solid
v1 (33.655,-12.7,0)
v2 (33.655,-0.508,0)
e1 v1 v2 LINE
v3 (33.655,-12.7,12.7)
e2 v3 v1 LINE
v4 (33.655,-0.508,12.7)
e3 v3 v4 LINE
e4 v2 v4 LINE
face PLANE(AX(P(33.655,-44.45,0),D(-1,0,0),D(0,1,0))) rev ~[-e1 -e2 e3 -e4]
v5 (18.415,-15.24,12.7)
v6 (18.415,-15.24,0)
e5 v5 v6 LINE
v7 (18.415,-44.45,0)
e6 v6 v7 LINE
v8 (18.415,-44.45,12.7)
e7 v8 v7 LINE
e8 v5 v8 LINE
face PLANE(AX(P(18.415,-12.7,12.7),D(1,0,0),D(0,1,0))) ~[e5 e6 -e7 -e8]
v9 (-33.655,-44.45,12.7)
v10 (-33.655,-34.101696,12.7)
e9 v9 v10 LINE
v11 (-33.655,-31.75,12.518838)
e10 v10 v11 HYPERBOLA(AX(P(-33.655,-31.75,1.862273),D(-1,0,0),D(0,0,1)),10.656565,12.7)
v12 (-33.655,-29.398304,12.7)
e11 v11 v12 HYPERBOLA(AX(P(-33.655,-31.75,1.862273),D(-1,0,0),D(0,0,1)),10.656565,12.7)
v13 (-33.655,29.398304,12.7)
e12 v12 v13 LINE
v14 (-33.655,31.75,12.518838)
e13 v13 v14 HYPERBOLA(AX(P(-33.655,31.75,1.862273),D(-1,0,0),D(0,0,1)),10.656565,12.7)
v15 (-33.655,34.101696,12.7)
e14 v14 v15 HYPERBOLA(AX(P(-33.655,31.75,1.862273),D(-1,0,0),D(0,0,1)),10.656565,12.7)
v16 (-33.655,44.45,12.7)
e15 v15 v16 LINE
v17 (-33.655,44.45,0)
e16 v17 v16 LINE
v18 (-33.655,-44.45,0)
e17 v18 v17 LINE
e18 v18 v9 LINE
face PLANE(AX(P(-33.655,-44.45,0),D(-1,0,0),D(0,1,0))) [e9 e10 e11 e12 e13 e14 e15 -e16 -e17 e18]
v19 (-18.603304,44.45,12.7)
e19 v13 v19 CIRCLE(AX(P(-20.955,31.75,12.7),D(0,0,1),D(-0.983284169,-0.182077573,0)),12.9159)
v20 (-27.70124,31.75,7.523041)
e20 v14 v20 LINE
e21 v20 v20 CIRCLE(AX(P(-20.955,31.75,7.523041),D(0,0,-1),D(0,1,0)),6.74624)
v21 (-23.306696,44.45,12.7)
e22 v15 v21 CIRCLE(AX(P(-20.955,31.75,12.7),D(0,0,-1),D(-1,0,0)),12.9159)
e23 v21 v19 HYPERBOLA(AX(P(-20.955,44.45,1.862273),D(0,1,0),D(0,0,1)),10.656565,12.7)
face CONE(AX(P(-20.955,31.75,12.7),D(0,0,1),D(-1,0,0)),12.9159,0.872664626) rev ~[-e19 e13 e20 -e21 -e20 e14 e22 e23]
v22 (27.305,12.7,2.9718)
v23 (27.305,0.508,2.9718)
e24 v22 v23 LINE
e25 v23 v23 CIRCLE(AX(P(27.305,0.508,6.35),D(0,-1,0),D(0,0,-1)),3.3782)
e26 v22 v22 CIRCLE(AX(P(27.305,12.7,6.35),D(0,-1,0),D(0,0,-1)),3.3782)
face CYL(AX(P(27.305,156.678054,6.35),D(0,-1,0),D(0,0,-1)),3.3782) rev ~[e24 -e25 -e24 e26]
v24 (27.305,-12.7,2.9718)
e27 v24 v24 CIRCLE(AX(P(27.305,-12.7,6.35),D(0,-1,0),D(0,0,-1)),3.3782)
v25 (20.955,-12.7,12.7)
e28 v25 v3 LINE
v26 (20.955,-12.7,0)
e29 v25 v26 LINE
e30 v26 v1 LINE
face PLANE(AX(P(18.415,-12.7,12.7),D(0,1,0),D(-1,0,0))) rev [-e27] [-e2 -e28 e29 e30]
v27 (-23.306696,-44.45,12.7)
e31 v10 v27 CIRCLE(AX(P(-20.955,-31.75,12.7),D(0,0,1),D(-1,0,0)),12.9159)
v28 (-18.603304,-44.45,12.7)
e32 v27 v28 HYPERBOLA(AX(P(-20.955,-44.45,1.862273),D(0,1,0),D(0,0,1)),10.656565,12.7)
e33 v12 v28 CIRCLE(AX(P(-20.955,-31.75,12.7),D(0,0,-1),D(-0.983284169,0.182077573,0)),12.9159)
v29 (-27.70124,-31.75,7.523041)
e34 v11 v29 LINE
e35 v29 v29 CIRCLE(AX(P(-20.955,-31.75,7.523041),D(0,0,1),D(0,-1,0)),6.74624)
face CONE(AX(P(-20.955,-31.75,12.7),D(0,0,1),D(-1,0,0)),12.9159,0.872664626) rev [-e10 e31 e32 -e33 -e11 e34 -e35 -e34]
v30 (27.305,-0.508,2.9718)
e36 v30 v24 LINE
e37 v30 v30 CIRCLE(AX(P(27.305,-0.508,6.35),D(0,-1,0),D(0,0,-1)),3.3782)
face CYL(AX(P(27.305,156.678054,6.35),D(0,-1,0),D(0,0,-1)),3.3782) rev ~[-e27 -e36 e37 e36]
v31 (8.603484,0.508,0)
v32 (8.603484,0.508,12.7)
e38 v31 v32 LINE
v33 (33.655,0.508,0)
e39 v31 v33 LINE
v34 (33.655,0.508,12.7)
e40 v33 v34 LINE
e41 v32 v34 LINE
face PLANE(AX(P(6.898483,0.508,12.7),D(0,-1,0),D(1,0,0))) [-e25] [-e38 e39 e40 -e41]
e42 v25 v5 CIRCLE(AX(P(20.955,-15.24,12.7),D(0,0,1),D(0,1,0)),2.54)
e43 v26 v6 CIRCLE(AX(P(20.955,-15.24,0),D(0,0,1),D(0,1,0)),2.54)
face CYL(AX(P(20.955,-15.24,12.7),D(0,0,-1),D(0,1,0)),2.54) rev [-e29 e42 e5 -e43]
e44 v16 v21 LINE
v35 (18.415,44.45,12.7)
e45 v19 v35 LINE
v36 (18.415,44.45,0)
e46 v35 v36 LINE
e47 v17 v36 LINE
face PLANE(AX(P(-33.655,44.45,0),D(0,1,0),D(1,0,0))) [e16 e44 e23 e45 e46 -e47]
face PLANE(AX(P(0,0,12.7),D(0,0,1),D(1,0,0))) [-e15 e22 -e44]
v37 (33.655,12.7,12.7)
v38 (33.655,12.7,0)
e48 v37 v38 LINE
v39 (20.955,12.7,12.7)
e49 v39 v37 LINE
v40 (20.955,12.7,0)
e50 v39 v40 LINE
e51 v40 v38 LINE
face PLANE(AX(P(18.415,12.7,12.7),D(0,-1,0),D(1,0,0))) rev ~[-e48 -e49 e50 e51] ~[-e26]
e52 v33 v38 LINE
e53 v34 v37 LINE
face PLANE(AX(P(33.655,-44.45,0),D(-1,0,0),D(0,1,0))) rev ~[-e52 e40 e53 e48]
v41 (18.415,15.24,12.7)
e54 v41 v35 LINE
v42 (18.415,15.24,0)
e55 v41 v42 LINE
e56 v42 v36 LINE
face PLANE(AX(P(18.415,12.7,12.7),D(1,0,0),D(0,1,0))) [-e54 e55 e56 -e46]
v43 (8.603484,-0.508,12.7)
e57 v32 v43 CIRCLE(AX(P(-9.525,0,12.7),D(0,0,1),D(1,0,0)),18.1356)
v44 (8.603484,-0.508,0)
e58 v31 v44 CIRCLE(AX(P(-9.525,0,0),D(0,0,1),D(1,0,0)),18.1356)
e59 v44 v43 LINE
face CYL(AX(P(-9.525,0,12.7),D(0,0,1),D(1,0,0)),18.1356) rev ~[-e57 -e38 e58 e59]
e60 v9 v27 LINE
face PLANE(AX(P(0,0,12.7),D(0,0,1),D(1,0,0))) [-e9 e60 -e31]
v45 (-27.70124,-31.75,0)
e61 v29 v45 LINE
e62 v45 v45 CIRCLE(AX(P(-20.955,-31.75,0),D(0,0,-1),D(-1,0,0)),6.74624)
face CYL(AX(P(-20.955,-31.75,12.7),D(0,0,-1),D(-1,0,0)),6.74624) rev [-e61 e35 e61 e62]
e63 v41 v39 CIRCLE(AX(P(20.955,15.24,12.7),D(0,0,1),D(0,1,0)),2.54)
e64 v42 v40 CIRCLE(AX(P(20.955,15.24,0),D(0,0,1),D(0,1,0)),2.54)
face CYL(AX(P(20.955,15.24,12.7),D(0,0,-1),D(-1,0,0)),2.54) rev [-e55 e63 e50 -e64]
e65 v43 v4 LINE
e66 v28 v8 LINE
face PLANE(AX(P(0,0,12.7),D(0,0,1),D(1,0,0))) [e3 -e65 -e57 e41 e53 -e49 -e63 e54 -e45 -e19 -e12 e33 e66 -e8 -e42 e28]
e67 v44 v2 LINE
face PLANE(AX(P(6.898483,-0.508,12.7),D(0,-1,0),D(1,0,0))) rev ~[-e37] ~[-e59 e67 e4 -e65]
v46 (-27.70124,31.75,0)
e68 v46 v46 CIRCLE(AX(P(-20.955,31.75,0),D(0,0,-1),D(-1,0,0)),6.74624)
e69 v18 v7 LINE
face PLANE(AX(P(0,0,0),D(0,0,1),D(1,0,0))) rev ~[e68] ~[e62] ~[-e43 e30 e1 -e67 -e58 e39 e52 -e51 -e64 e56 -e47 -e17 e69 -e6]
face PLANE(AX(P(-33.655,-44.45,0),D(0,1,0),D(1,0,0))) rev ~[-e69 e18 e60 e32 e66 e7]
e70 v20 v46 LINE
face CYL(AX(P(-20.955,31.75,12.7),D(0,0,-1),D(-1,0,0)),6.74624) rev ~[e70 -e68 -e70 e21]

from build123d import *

# Parameters (mm, degrees)
SKETCH1_W                                           = 67.31
SKETCH1_H                                           = 88.9
EXTRUDE1_DEPTH                                      = 12.7
SKETCH2_R                                           = 18.1356
EXTRUDE2_DEPTH                                      = 13.7
SKETCH3_W                                           = 28.468633454
SKETCH3_H                                           = 1.016
EXTRUDE3_DEPTH                                      = 13.7
F_1_4_CLEARANCE_HOLE1_D                             = 6.7564
CSK_FOR_1_2_FLAT_HEAD_MACHINE_SCREW_100_D           = 13.49248
CSK_FOR_1_2_FLAT_HEAD_MACHINE_SCREW_100_CSINK_D     = 25.8318
CSK_FOR_1_2_FLAT_HEAD_MACHINE_SCREW_100_CSINK_ANGLE = 100
SKETCH10_W                                          = 15.24
SKETCH10_H                                          = 31.75
EXTRUDE4_DEPTH                                      = 13.7
FILLET1_R                                           = 2.54
FILLET1_OF_MIRROR2_R                                = 2.54


with BuildPart() as part:
    # Sketch1 → Extrude1 (new body)
    with BuildSketch(Plane.XY):
        Rectangle(SKETCH1_W, SKETCH1_H)
    extrude(amount=EXTRUDE1_DEPTH)

    # Sketch2 → Extrude2 (cut, through all)
    with BuildSketch(Plane.XY.offset(12.7)):
        with Locations((-9.525, 0)):
            Circle(SKETCH2_R)
    extrude(amount=-EXTRUDE2_DEPTH, mode=Mode.SUBTRACT)

    # Sketch3 → Extrude3 (cut, through all)
    with BuildSketch(Plane.XY.offset(12.7)):
        with Locations((21.1328, 0)):
            Rectangle(SKETCH3_W, SKETCH3_H)
    extrude(amount=-EXTRUDE3_DEPTH, mode=Mode.SUBTRACT)

    # 1/4 Clearance Hole1 (through all)
    with Locations(Plane(origin=(27.305, 44.45, 6.35), x_dir=(0, 0, 1), z_dir=(0, 1, 0))):
        with Locations((0, 0)):
            Hole(F_1_4_CLEARANCE_HOLE1_D / 2)

    # CSK for 1/2 Flat Head Machine Screw (100)1 (through all)
    with Locations(Plane(origin=(-20.955, 31.75, 12.7), x_dir=(1, 0, 0), z_dir=(0, 0, 1))):
        with Locations((0, 0)):
            csk_for_1_2_flat_head_machine_screw_100 = CounterSinkHole(CSK_FOR_1_2_FLAT_HEAD_MACHINE_SCREW_100_D / 2, CSK_FOR_1_2_FLAT_HEAD_MACHINE_SCREW_100_CSINK_D / 2, counter_sink_angle=CSK_FOR_1_2_FLAT_HEAD_MACHINE_SCREW_100_CSINK_ANGLE)

    # Mirror1: CSK for 1/2 Flat Head Machine Screw (100)1 across plane
    add(csk_for_1_2_flat_head_machine_screw_100.mirror(Plane.ZX), mode=Mode.SUBTRACT)

    # Sketch10 → Extrude4 (cut, through all)
    with BuildSketch(Plane.XY.offset(12.7)):
        with Locations((26.035, 28.575)):
            Rectangle(SKETCH10_W, SKETCH10_H)
    extrude4 = extrude(amount=-EXTRUDE4_DEPTH, mode=Mode.SUBTRACT)

    # Fillet1
    fillet1_edges = [part.edges().sort_by_distance(p)[0] for p in [
        (18.415, 12.7, 6.35),
    ]]
    fillet(fillet1_edges, radius=FILLET1_R)

    # Mirror2: Extrude4 across plane
    add(extrude4.mirror(Plane.ZX), mode=Mode.SUBTRACT)

    # Fillet1 of Mirror2
    fillet1_of_mirror2_edges = [part.edges().sort_by_distance(p)[0] for p in [
        (18.415, -12.7, 6.35),
    ]]
    fillet(fillet1_of_mirror2_edges, radius=FILLET1_OF_MIRROR2_R)


solid = part.part
